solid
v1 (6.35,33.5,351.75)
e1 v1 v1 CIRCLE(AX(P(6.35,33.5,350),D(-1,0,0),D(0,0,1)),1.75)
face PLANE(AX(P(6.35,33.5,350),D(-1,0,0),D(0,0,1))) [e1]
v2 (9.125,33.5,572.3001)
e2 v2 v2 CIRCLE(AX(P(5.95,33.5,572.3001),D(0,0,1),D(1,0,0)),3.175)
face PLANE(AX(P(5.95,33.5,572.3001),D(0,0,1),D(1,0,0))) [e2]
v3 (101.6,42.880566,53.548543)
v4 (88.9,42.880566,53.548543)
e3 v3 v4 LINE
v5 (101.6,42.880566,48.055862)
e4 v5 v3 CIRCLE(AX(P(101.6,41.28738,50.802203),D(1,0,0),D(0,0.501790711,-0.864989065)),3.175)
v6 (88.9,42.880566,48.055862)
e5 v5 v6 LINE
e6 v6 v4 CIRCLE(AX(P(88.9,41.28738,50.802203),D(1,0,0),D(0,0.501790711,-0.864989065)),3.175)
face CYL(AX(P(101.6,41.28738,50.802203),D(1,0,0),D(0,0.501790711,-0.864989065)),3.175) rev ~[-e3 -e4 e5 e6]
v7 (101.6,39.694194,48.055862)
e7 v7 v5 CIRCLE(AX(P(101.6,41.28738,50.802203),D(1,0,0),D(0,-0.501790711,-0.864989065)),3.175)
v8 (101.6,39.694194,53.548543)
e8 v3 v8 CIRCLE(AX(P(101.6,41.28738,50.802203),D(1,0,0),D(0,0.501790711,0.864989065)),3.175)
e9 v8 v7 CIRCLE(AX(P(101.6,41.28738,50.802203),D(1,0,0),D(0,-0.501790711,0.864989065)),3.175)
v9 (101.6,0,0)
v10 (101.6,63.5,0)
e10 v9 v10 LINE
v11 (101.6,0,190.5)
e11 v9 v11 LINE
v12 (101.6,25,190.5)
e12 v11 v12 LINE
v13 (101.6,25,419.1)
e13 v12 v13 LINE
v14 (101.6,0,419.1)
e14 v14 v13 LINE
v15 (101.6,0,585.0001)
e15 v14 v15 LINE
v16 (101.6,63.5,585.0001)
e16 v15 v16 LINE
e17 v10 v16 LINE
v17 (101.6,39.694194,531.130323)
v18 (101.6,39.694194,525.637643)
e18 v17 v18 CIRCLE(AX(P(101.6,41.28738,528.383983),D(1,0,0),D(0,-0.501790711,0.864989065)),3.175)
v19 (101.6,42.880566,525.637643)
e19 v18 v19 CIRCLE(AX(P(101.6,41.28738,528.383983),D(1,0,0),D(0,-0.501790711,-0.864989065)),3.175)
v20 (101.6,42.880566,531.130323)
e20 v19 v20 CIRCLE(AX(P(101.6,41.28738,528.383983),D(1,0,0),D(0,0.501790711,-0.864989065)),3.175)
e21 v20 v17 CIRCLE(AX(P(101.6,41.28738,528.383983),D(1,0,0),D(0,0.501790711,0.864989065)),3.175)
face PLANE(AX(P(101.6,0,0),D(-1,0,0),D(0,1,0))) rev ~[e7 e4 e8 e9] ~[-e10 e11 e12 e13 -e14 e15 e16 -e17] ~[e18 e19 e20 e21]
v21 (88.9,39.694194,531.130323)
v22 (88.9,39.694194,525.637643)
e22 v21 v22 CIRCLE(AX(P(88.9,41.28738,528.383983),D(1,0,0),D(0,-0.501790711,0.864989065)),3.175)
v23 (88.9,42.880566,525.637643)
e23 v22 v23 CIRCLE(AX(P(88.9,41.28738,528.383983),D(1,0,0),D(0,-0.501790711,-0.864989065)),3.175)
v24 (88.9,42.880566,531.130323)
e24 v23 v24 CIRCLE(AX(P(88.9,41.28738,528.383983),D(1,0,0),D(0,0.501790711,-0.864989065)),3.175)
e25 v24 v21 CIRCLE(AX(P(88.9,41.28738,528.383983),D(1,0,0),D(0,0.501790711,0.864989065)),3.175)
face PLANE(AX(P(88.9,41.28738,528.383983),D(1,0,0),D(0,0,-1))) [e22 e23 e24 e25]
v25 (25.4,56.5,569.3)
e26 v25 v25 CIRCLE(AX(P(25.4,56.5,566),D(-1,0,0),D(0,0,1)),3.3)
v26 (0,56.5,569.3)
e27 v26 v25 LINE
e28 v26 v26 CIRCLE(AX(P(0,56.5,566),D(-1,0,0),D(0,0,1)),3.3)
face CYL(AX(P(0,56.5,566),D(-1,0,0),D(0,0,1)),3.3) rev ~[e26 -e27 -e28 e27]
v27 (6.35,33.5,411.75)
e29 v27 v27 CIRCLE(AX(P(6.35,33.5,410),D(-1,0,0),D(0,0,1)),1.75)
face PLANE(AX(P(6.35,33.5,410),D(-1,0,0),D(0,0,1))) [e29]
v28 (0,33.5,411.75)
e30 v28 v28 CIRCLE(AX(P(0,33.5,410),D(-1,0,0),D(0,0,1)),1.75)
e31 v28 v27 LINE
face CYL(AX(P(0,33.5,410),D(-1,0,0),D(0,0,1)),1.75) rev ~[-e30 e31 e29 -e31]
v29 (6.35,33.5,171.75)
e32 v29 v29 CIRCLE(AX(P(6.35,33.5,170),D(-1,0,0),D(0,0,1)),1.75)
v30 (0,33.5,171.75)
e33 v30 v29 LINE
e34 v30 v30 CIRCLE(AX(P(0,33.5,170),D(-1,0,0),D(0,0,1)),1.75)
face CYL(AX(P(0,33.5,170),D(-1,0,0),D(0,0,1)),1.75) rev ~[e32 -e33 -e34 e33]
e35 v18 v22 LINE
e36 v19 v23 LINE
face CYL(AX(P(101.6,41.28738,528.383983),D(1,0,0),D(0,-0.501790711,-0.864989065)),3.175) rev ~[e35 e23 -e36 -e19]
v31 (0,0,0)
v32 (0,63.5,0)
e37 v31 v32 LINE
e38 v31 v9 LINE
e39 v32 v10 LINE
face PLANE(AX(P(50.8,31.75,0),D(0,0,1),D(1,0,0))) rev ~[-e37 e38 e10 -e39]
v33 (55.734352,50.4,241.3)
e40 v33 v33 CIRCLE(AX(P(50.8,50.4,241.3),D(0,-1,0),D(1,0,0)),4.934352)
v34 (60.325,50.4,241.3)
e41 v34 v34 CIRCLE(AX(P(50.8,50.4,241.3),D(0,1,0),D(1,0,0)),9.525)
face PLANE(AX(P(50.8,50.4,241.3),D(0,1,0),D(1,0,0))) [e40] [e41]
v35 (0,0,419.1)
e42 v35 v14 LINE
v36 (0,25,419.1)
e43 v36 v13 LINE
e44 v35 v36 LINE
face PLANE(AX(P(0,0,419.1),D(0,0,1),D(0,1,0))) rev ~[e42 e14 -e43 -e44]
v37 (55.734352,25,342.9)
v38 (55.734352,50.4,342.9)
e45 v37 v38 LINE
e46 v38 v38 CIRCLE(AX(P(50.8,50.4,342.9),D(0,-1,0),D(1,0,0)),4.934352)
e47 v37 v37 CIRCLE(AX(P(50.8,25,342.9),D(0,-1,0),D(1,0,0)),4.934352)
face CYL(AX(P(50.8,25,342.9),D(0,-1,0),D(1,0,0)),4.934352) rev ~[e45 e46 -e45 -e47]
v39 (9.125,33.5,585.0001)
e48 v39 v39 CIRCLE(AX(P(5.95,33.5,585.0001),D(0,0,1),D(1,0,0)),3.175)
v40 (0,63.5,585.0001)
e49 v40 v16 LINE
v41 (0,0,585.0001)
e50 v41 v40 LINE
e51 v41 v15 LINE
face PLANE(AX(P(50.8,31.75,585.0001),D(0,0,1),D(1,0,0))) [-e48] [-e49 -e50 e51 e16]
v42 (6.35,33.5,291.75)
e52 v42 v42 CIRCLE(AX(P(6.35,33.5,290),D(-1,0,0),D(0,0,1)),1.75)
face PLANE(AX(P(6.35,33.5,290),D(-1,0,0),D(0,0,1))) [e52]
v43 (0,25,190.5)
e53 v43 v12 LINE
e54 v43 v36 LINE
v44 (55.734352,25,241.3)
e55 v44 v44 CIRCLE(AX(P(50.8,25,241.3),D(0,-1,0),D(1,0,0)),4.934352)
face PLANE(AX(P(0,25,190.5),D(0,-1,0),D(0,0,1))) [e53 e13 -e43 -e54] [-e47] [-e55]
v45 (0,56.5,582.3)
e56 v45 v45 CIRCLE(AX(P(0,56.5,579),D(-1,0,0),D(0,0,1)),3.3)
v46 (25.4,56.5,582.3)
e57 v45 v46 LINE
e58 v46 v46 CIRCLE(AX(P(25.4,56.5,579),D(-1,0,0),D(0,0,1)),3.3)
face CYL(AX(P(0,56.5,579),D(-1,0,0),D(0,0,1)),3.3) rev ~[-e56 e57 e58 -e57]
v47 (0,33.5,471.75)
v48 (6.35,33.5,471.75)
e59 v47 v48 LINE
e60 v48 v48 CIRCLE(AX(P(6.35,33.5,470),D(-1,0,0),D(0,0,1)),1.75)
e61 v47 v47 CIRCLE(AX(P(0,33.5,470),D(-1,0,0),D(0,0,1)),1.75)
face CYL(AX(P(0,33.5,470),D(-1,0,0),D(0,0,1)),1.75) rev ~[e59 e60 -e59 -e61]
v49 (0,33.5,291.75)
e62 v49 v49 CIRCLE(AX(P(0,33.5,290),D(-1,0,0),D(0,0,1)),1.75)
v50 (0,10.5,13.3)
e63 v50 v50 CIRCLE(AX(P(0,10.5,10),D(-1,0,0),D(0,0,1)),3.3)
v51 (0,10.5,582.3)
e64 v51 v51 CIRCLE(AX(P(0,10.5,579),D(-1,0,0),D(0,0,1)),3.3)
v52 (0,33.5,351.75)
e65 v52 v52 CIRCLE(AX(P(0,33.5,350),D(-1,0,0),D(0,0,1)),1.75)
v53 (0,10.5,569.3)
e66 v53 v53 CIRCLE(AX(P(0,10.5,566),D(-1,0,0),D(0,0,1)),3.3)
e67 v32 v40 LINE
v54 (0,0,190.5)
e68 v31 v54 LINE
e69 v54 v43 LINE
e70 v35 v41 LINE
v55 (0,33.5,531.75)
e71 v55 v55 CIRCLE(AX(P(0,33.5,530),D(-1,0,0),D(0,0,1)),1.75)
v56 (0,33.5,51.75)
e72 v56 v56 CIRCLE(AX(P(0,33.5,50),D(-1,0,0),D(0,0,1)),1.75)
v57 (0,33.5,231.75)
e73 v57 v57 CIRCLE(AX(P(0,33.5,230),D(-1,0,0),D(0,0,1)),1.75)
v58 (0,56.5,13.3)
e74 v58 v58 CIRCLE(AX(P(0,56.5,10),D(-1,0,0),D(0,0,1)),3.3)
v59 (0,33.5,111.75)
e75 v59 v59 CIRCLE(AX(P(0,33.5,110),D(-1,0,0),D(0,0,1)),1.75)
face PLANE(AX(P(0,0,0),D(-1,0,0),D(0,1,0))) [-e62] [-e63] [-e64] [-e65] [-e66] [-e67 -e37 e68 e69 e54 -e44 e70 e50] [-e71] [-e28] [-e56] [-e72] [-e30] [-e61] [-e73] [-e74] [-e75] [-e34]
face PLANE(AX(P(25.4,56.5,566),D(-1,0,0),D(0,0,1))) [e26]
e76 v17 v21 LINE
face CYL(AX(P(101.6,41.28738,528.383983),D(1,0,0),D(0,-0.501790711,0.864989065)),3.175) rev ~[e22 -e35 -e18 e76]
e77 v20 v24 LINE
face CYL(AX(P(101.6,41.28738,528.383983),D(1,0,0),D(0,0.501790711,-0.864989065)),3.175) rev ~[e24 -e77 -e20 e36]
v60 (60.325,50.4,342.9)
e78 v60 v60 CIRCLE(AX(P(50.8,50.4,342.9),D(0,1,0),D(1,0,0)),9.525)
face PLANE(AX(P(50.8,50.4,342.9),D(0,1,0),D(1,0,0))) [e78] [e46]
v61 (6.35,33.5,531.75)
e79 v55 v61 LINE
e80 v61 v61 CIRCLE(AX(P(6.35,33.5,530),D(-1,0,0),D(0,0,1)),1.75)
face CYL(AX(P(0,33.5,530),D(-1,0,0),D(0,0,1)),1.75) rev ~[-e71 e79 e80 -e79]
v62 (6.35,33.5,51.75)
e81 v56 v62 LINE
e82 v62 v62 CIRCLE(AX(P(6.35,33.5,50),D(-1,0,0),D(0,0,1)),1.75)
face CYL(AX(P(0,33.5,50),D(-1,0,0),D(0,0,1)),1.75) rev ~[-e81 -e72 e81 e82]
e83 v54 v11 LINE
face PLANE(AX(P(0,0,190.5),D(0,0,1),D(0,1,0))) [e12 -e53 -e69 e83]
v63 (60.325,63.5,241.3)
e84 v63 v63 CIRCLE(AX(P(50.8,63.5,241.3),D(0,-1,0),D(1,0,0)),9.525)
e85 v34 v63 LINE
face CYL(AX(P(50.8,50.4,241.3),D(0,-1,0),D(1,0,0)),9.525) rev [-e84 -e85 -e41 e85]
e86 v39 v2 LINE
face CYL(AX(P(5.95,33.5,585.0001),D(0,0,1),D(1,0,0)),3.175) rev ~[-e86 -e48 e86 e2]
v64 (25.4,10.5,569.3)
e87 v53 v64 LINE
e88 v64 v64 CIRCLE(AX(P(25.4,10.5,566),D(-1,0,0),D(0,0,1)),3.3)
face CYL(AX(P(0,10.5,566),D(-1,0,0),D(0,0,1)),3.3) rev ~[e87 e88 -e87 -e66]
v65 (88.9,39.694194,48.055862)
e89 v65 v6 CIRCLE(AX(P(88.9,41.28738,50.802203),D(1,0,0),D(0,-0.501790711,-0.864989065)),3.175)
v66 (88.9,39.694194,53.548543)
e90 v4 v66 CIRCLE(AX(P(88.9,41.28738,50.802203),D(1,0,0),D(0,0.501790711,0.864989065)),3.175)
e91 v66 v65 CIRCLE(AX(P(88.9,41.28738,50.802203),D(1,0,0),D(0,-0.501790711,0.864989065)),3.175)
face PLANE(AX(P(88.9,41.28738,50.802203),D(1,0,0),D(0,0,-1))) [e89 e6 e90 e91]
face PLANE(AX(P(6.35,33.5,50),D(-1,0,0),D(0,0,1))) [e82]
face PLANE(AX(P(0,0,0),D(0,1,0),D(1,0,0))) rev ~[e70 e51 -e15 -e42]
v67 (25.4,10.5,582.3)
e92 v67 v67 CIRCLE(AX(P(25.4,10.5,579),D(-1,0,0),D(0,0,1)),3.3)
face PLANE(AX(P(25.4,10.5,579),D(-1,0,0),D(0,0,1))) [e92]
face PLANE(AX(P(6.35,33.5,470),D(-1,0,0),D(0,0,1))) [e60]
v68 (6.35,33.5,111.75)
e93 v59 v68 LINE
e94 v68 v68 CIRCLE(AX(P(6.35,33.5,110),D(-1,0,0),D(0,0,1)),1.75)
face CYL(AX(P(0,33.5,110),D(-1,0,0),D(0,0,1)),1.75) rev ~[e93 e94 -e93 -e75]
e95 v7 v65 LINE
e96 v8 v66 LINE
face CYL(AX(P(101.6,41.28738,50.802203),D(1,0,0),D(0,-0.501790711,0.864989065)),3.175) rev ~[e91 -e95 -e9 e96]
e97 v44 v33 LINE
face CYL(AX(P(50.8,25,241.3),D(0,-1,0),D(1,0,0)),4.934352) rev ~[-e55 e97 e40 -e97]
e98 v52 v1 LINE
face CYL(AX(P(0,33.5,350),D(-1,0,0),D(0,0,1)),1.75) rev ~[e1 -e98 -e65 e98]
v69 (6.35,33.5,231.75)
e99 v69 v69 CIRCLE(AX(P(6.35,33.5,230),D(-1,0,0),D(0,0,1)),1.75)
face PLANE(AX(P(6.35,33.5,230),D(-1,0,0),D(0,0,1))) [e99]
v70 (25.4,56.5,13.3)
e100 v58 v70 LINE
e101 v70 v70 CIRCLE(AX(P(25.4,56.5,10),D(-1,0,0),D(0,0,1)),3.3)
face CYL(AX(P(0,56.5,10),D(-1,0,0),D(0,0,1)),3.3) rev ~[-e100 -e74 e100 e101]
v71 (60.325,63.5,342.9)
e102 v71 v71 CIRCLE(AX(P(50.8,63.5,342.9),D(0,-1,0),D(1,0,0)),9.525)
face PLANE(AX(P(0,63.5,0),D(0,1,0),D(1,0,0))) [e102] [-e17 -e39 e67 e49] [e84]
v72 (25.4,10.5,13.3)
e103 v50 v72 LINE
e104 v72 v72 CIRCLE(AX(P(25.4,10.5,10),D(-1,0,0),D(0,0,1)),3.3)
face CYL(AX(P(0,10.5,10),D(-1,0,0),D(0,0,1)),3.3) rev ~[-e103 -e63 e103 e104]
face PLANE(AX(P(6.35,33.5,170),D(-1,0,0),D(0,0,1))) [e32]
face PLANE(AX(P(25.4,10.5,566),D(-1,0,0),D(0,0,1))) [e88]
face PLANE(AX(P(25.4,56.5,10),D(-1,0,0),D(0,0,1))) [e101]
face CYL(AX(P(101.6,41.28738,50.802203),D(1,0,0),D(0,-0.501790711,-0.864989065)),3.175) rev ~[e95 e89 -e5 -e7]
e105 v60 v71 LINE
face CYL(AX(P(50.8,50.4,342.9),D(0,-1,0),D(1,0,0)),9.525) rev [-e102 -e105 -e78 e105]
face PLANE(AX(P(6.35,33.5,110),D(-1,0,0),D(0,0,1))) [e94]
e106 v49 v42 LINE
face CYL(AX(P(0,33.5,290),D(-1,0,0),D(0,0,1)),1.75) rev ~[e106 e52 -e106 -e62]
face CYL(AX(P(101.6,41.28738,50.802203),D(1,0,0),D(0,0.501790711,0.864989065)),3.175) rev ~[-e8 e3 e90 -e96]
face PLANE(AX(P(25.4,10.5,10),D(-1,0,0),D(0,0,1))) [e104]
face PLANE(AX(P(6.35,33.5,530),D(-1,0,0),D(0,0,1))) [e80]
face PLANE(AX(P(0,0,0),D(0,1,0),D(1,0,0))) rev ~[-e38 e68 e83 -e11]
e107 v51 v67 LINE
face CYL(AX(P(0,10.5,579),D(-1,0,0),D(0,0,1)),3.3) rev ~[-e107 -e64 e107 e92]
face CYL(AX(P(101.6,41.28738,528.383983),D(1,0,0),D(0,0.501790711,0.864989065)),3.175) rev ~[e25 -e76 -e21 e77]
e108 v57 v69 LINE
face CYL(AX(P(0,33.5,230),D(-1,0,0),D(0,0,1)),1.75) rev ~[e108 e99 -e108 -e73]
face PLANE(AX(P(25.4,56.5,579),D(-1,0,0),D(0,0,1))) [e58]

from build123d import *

# Parameters (mm, degrees)
SKETCH1_W           = 101.6
SKETCH1_H           = 63.5
BOSS_EXTRUDE1_DEPTH = 585.0001
SKETCH2_W           = 228.6
SKETCH2_H           = 25
CUT_EXTRUDE1_DEPTH  = 102.6
SKETCH5_R           = 1.75
CUT_EXTRUDE4_DEPTH  = 6.35
SKETCH5_3_R         = 3.3
CUT_EXTRUDE5_DEPTH  = 25.4
SKETCH6_R           = 4.934351916
CUT_EXTRUDE6_DEPTH  = 39.5
CUT_EXTRUDE7_DEPTH  = 12.7
SKETCH8_R           = 3.175
CUT_EXTRUDE8_DEPTH  = 12.7
CUT_EXTRUDE9_START  = 50.8
SKETCH9_R           = 9.525
CUT_EXTRUDE9_DEPTH  = 14.1


with BuildPart() as part:
    # Sketch1 → Boss-Extrude1 (new body)
    with BuildSketch(Plane.XY):
        with Locations((50.8, 31.75)):
            Rectangle(SKETCH1_W, SKETCH1_H)
    extrude(amount=BOSS_EXTRUDE1_DEPTH)

    # Sketch2 → Cut-Extrude1 (cut, through all)
    with BuildSketch(Plane.ZY):
        with Locations((304.8, 12.5)):
            Rectangle(SKETCH2_W, SKETCH2_H)
    extrude(amount=-CUT_EXTRUDE1_DEPTH, mode=Mode.SUBTRACT)

    # Sketch5 → Cut-Extrude4 (cut)
    with BuildSketch(Plane.ZY):
        with Locations((530, 33.5)):
            Circle(SKETCH5_R)
        with Locations((470, 33.5)):
            Circle(SKETCH5_R)
        with Locations((410, 33.5)):
            Circle(SKETCH5_R)
        with Locations((350, 33.5)):
            Circle(SKETCH5_R)
        with Locations((290, 33.5)):
            Circle(SKETCH5_R)
        with Locations((230, 33.5)):
            Circle(SKETCH5_R)
        with Locations((170, 33.5)):
            Circle(SKETCH5_R)
        with Locations((110, 33.5)):
            Circle(SKETCH5_R)
        with Locations((50, 33.5)):
            Circle(SKETCH5_R)
    extrude(amount=-CUT_EXTRUDE4_DEPTH, mode=Mode.SUBTRACT)

    # Sketch5_3 → Cut-Extrude5 (cut)
    with BuildSketch(Plane.ZY):
        with Locations((579, 10.5)):
            Circle(SKETCH5_3_R)
        with Locations((566, 10.5)):
            Circle(SKETCH5_3_R)
        with Locations((579, 56.5)):
            Circle(SKETCH5_3_R)
        with Locations((566, 56.5)):
            Circle(SKETCH5_3_R)
        with Locations((10, 10.5)):
            Circle(SKETCH5_3_R)
        with Locations((10, 56.5)):
            Circle(SKETCH5_3_R)
    extrude(amount=-CUT_EXTRUDE5_DEPTH, mode=Mode.SUBTRACT)

    # Sketch6 → Cut-Extrude6 (cut, through all)
    with BuildSketch(Plane.XZ.offset(-25)):
        with Locations((50.8, 342.9)):
            Circle(SKETCH6_R)
        with Locations((50.8, 241.3)):
            Circle(SKETCH6_R)
    extrude(amount=-CUT_EXTRUDE6_DEPTH, mode=Mode.SUBTRACT)

    # Sketch7 → Cut-Extrude7 (cut)
    with BuildSketch(Plane(origin=(101.6, 0, 0), x_dir=(0, 0, -1), z_dir=(1, 0, 0))):
        with BuildLine():
            ThreePointArc((-53.548542941, 39.694194493), (-50.80220266, 38.11238), (-48.055862379, 39.694194493))
            ThreePointArc((-48.055862379, 39.694194493), (-47.62720266, 41.28738), (-48.055862379, 42.880565507))
            ThreePointArc((-48.055862379, 42.880565507), (-50.80220266, 44.46238), (-53.548542941, 42.880565507))
            ThreePointArc((-53.548542941, 42.880565507), (-53.97720266, 41.28738), (-53.548542941, 39.694194493))
        make_face()
        with BuildLine():
            ThreePointArc((-525.637642589, 39.694194493), (-525.20898287, 41.28738), (-525.637642589, 42.880565507))
            ThreePointArc((-525.637642589, 42.880565507), (-528.38398287, 44.46238), (-531.130323151, 42.880565507))
            ThreePointArc((-531.130323151, 42.880565507), (-531.55898287, 41.28738), (-531.130323151, 39.694194493))
            ThreePointArc((-531.130323151, 39.694194493), (-528.38398287, 38.11238), (-525.637642589, 39.694194493))
        make_face()
    extrude(amount=-CUT_EXTRUDE7_DEPTH, mode=Mode.SUBTRACT)

    # Sketch8 → Cut-Extrude8 (cut)
    with BuildSketch(Plane.XY.offset(585.0001)):
        with Locations((5.95, 33.5)):
            Circle(SKETCH8_R)
    extrude(amount=-CUT_EXTRUDE8_DEPTH, mode=Mode.SUBTRACT)

    # Sketch9 → Cut-Extrude9 (cut, through all)
    with BuildSketch(Plane(origin=(0, -0.4, 0), x_dir=(1, 0, 0), z_dir=(0, 1, 0)).offset(CUT_EXTRUDE9_START)):
        with Locations((50.8, -342.9)):
            Circle(SKETCH9_R)
        with Locations((50.8, -241.3)):
            Circle(SKETCH9_R)
    extrude(amount=CUT_EXTRUDE9_DEPTH, mode=Mode.SUBTRACT)


solid = part.part
